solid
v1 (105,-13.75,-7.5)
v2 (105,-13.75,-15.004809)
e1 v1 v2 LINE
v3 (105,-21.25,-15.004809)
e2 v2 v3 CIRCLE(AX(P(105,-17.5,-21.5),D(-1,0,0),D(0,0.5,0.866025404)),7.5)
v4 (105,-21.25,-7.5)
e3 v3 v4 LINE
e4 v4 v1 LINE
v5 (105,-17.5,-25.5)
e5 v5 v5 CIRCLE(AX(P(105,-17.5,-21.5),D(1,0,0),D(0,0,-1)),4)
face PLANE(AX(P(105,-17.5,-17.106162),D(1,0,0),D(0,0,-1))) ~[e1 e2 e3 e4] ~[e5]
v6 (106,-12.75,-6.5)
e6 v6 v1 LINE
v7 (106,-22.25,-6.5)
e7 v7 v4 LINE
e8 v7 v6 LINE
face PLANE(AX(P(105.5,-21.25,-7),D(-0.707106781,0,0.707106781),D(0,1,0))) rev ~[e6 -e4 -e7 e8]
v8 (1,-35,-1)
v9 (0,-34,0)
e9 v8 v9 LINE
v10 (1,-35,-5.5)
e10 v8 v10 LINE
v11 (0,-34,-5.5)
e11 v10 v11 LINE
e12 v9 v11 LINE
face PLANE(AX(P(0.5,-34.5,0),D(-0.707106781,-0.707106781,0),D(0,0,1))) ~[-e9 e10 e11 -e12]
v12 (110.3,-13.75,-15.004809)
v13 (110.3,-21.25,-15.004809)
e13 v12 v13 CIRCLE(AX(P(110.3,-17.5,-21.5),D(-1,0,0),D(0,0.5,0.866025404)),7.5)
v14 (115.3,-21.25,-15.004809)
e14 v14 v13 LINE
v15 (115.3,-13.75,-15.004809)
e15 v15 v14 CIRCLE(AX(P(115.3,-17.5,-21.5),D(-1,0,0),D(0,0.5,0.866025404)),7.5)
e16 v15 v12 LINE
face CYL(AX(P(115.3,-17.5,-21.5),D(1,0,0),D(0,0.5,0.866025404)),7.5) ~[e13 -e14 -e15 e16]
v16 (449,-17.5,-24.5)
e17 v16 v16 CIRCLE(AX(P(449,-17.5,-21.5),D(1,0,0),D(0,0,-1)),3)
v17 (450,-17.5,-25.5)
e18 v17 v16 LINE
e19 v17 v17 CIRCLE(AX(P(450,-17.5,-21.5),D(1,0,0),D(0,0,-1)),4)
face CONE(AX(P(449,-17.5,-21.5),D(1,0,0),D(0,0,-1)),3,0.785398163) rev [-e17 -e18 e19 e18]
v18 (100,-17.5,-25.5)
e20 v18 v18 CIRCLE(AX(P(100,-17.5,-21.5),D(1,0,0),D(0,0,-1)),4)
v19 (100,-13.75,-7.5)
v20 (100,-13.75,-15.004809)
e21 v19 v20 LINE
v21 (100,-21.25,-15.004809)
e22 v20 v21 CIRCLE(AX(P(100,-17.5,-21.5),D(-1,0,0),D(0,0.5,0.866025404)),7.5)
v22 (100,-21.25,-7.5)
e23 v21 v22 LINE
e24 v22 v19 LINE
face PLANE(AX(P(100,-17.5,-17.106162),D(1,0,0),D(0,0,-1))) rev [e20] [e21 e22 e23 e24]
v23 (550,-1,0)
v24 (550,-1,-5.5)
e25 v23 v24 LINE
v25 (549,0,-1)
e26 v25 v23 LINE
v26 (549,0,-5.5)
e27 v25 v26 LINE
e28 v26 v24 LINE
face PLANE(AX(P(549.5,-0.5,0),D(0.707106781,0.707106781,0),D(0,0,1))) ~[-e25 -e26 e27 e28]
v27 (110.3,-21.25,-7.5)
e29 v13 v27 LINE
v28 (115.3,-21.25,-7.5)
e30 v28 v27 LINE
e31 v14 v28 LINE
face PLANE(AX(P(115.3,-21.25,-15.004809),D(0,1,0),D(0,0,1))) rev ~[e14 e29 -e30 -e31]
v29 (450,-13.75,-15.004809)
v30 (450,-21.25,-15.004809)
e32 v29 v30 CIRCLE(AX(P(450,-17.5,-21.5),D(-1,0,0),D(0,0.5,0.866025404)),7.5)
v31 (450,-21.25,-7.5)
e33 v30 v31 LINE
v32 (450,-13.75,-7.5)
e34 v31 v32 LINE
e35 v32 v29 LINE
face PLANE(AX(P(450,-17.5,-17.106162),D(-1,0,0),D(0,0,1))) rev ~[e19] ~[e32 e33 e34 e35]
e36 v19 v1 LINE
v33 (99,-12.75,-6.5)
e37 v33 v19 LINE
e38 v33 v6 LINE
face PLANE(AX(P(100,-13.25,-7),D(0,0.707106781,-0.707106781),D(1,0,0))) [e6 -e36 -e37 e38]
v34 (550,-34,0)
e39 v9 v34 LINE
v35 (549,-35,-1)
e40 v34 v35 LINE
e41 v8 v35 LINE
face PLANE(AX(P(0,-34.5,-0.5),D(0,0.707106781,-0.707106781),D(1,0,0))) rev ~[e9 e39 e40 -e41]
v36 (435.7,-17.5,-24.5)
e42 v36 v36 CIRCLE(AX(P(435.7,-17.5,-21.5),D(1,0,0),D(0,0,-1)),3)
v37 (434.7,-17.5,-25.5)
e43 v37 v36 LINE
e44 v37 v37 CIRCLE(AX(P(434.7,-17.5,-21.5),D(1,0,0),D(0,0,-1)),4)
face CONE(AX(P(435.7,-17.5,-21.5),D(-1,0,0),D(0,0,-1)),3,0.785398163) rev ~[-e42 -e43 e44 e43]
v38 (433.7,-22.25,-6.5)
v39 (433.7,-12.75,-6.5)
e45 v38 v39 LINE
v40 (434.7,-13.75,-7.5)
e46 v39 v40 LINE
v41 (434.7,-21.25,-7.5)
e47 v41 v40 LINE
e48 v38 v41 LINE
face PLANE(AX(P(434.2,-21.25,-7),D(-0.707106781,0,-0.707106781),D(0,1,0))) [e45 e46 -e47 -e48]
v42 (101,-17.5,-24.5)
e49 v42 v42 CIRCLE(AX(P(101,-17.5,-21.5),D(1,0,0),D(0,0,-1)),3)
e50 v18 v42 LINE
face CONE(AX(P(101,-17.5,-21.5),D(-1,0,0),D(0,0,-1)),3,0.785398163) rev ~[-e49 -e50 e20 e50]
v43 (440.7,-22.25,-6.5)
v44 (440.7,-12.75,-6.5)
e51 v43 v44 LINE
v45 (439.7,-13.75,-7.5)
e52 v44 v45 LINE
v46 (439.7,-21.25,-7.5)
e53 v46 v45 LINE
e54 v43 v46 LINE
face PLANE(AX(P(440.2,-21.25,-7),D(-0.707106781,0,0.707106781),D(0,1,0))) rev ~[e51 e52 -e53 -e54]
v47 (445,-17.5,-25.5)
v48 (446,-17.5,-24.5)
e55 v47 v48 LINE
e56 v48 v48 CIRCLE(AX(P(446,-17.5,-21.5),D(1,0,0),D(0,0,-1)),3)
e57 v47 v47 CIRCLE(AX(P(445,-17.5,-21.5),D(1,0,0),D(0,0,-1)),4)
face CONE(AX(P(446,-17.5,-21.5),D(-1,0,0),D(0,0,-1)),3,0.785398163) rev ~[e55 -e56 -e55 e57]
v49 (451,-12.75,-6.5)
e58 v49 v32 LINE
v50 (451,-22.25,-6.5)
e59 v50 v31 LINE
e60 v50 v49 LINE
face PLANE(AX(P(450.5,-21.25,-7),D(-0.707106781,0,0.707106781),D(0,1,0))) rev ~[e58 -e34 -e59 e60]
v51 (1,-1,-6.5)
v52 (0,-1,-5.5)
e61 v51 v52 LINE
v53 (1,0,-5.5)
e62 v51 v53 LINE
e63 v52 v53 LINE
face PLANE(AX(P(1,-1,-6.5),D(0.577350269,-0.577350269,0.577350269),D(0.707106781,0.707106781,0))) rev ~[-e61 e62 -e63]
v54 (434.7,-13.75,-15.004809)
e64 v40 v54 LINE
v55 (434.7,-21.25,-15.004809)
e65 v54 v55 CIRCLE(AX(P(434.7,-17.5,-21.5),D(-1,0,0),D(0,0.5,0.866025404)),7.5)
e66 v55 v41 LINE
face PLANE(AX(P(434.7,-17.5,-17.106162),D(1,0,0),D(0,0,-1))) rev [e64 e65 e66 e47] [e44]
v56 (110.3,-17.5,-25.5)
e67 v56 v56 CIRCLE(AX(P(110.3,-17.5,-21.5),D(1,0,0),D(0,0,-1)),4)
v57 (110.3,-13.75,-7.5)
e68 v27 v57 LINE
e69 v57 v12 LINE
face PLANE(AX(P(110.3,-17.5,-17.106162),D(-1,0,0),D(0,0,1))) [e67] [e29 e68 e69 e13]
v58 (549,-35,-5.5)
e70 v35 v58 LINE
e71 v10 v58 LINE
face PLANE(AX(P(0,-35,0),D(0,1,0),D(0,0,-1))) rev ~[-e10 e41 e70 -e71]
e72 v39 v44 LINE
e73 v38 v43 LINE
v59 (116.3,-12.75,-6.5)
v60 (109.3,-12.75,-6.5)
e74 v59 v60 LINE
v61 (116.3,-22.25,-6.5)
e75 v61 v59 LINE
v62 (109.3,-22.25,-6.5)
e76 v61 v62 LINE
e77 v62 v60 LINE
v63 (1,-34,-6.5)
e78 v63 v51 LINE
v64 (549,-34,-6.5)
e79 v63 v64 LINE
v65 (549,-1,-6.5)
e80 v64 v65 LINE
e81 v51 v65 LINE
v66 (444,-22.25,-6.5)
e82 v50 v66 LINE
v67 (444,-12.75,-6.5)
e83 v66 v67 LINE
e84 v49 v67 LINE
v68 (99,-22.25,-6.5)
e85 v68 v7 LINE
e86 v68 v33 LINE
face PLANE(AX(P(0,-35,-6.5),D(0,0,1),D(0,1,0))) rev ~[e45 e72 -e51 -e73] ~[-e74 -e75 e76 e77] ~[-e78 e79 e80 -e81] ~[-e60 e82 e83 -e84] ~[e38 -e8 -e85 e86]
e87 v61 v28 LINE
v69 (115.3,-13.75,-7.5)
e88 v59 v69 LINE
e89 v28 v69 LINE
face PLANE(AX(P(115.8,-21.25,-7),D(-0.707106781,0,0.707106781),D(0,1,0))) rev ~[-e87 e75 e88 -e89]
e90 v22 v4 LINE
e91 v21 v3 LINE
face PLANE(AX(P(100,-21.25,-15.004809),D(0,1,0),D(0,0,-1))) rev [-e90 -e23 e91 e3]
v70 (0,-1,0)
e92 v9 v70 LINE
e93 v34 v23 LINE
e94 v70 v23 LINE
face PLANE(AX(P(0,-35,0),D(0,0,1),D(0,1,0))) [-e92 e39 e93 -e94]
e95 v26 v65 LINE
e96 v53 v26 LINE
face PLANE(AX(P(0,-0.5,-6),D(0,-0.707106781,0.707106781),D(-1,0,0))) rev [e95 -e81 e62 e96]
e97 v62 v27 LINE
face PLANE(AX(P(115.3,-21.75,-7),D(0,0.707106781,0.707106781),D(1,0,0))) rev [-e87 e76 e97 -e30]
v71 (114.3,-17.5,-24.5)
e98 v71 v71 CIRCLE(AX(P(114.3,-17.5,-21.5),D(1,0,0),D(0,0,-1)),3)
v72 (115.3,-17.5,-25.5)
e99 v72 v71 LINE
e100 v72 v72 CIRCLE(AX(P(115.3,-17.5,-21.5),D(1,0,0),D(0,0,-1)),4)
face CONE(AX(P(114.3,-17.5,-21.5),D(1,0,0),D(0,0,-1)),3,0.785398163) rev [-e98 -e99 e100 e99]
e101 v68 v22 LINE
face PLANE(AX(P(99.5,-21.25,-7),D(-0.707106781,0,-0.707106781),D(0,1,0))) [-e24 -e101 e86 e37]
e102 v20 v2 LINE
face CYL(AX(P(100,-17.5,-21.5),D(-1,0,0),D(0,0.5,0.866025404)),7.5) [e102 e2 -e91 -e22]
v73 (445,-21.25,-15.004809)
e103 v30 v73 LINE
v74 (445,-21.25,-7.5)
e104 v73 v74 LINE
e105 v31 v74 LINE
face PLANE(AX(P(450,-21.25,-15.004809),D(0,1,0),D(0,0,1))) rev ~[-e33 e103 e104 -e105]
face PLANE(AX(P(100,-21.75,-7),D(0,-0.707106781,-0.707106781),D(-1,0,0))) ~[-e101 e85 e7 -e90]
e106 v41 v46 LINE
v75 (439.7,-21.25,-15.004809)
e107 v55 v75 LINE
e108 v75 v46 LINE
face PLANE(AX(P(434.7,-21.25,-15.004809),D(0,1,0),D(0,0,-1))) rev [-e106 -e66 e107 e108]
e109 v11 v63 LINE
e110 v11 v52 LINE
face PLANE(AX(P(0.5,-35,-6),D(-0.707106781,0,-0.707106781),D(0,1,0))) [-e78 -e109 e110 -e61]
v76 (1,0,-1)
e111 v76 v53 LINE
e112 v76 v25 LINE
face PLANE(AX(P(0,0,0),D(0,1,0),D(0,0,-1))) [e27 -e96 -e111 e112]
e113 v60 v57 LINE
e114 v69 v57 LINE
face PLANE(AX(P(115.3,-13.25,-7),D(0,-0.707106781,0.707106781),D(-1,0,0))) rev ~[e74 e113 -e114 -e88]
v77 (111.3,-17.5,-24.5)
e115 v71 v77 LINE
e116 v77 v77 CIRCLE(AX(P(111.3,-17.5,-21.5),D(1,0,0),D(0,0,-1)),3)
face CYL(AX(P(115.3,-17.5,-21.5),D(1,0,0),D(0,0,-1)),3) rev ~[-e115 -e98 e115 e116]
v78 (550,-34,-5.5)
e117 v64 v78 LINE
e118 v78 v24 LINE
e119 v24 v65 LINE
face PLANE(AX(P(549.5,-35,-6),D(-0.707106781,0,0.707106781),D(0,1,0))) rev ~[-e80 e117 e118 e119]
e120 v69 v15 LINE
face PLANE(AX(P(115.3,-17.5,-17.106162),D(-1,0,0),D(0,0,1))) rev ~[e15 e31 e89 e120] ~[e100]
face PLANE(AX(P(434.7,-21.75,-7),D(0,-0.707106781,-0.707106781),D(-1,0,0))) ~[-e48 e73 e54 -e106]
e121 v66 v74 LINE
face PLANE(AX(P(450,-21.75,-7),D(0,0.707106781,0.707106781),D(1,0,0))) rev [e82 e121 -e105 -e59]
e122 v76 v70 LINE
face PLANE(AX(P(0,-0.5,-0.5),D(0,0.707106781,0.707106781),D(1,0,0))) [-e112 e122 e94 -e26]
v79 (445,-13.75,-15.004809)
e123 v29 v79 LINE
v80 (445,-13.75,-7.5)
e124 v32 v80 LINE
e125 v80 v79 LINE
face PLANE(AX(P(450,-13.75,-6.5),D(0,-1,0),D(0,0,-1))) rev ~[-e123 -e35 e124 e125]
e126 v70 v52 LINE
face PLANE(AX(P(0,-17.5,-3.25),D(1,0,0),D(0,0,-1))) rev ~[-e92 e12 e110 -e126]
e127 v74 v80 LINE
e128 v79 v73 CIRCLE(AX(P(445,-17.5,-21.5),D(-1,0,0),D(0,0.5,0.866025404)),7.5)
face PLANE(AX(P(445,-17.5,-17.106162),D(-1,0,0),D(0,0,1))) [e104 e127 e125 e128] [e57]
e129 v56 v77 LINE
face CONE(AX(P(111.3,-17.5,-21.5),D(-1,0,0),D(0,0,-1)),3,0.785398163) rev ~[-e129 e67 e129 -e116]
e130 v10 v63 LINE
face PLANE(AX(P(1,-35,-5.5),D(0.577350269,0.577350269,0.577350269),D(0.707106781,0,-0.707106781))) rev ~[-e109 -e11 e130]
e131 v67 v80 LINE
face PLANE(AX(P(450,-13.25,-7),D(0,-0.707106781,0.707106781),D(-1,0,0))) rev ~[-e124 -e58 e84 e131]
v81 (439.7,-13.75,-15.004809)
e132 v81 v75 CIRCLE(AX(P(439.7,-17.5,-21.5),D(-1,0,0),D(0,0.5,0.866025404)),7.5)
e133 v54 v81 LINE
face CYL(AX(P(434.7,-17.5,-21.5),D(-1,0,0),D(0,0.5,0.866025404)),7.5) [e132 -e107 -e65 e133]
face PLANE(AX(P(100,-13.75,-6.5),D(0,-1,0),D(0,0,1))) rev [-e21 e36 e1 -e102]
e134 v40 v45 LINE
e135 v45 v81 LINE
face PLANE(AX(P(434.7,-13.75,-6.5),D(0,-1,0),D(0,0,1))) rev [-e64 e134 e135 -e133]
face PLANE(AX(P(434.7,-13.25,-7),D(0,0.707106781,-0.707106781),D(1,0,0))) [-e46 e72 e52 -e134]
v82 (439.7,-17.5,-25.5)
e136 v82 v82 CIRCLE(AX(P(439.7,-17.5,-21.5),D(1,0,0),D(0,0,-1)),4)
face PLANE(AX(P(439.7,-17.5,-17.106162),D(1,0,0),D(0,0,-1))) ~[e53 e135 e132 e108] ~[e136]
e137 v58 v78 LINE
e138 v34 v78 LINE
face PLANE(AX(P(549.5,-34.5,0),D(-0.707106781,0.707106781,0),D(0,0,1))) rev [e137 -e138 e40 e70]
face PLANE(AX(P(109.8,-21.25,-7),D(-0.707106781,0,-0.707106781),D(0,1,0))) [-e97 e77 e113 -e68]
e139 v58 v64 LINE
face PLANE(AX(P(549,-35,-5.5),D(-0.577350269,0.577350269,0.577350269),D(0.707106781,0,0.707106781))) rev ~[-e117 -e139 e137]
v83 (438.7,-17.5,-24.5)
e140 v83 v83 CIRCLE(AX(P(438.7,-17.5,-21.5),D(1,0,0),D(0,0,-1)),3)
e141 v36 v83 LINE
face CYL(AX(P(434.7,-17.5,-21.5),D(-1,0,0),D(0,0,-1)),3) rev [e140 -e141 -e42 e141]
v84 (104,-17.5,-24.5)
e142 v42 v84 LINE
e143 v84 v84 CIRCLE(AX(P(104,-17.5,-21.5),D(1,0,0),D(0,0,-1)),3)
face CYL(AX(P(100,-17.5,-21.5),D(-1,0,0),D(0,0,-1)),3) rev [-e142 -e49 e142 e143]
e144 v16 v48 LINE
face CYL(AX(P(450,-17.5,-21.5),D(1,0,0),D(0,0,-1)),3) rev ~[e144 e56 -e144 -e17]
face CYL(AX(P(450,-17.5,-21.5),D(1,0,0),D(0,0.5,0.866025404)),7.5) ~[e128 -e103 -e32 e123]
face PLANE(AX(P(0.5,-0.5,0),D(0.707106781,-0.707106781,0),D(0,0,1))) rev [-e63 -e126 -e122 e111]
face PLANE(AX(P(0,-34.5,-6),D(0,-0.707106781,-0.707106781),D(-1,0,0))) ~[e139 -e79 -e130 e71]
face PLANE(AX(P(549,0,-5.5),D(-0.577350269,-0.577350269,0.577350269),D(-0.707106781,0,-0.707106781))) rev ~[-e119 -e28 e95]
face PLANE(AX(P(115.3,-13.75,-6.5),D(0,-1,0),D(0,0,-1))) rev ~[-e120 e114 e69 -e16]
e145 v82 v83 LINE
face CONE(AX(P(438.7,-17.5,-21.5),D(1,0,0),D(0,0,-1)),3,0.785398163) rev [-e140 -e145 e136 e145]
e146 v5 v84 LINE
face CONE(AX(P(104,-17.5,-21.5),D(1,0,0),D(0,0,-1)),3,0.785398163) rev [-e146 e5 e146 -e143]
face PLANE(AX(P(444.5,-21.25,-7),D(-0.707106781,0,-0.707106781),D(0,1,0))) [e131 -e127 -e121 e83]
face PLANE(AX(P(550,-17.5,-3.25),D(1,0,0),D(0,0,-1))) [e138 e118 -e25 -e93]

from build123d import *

# Parameters (mm, degrees)
SKETCH_1_W               = 6.5
SKETCH_1_H               = 35
EXTRUDE_1_DEPTH          = 550
SKETCH_3_R               = 3
EXTRUDE_2_DEPTH          = 5
MIRROR_2_COPY_1_SKETCH_R = 3
MIRROR_2_COPY_1_DEPTH    = 5
CHAMFER_1_SIZE           = 1
CHAMFER_2_SIZE           = 1


with BuildPart() as part:
    # 草图1 → 凸台-拉伸1 (new body)
    with BuildSketch(Plane(origin=(0, 0, 0), x_dir=(0, 0, -1), z_dir=(1, 0, 0))):
        with Locations((3.25, -17.5)):
            Rectangle(SKETCH_1_W, SKETCH_1_H)
    extrude(amount=EXTRUDE_1_DEPTH)

    # 草图3 → 凸台-拉伸2 (add)
    with BuildSketch(Plane(origin=(450, 0, 0), x_dir=(0, 0, -1), z_dir=(1, 0, 0))):
        with BuildLine():
            Line((6.5, -21.25), (6.5, -13.75))
            Line((6.5, -13.75), (15.004809472, -13.75))
            ThreePointArc((15.004809472, -13.75), (29, -17.5), (15.004809472, -21.25))
            Line((15.004809472, -21.25), (6.5, -21.25))
        make_face()
        with Locations((21.5, -17.5)):
            Circle(SKETCH_3_R, mode=Mode.SUBTRACT)
    extrude_2 = extrude(amount=-EXTRUDE_2_DEPTH)

    # 镜向1: 凸台-拉伸2 across plane
    add(extrude_2.mirror(Plane.ZY.offset(-442.35)))

    # 镜向2: 凸台-拉伸2 across plane
    add(extrude_2.mirror(Plane(origin=(275, 0, 0), x_dir=(0, 0, 1), z_dir=(1, 0, 0))))

    # 镜向2 copy 1 sketch → 镜向2 copy 1 (add)
    with BuildSketch(Plane(origin=(115.3, 0, 0), x_dir=(0, 0, -1), z_dir=(1, 0, 0))):
        with BuildLine():
            Line((6.5, -21.25), (6.5, -13.75))
            Line((6.5, -13.75), (15.004809472, -13.75))
            ThreePointArc((15.004809472, -13.75), (29, -17.5), (15.004809472, -21.25))
            Line((15.004809472, -21.25), (6.5, -21.25))
        make_face()
        with Locations((21.5, -17.5)):
            Circle(MIRROR_2_COPY_1_SKETCH_R, mode=Mode.SUBTRACT)
    extrude(amount=-MIRROR_2_COPY_1_DEPTH)

    # 倒角1
    chamfer_1_edges = [part.edges().sort_by_distance(p)[0] for p in [
        (550, -17.5, -6.5),
        (550, 0, -3.25),
        (445, -17.5, -6.5),
        (447.5, -21.25, -6.5),
        (447.5, -13.75, -6.5),
        (445, -17.5, -18.5),
        (450, -17.5, -6.5),
        (450, -17.5, -18.5),
        (439.7, -17.5, -6.5),
        (434.7, -17.5, -18.5),
        (434.7, -17.5, -6.5),
        (437.2, -13.75, -6.5),
        (437.2, -21.25, -6.5),
        (439.7, -17.5, -18.5),
        (105, -17.5, -6.5),
        (100, -17.5, -6.5),
        (0, 0, -3.25),
        (102.5, -13.75, -6.5),
        (102.5, -21.25, -6.5),
        (0, -17.5, -6.5),
        (0, -35, -3.25),
        (110.3, -17.5, -6.5),
        (112.8, -21.25, -6.5),
        (112.8, -13.75, -6.5),
        (115.3, -17.5, -6.5),
        (275, 0, 0),
        (275, 0, -6.5),
        (275, -35, -6.5),
        (275, -35, 0),
        (550, -35, -3.25),
    ]]
    chamfer(chamfer_1_edges, length=CHAMFER_1_SIZE)

    # 倒角2
    chamfer_2_edges = [part.edges().sort_by_distance(p)[0] for p in [
        (100, -17.5, -18.5),
        (105, -17.5, -18.5),
        (110.3, -17.5, -18.5),
        (115.3, -17.5, -18.5),
    ]]
    chamfer(chamfer_2_edges, length=CHAMFER_2_SIZE)


solid = part.part
